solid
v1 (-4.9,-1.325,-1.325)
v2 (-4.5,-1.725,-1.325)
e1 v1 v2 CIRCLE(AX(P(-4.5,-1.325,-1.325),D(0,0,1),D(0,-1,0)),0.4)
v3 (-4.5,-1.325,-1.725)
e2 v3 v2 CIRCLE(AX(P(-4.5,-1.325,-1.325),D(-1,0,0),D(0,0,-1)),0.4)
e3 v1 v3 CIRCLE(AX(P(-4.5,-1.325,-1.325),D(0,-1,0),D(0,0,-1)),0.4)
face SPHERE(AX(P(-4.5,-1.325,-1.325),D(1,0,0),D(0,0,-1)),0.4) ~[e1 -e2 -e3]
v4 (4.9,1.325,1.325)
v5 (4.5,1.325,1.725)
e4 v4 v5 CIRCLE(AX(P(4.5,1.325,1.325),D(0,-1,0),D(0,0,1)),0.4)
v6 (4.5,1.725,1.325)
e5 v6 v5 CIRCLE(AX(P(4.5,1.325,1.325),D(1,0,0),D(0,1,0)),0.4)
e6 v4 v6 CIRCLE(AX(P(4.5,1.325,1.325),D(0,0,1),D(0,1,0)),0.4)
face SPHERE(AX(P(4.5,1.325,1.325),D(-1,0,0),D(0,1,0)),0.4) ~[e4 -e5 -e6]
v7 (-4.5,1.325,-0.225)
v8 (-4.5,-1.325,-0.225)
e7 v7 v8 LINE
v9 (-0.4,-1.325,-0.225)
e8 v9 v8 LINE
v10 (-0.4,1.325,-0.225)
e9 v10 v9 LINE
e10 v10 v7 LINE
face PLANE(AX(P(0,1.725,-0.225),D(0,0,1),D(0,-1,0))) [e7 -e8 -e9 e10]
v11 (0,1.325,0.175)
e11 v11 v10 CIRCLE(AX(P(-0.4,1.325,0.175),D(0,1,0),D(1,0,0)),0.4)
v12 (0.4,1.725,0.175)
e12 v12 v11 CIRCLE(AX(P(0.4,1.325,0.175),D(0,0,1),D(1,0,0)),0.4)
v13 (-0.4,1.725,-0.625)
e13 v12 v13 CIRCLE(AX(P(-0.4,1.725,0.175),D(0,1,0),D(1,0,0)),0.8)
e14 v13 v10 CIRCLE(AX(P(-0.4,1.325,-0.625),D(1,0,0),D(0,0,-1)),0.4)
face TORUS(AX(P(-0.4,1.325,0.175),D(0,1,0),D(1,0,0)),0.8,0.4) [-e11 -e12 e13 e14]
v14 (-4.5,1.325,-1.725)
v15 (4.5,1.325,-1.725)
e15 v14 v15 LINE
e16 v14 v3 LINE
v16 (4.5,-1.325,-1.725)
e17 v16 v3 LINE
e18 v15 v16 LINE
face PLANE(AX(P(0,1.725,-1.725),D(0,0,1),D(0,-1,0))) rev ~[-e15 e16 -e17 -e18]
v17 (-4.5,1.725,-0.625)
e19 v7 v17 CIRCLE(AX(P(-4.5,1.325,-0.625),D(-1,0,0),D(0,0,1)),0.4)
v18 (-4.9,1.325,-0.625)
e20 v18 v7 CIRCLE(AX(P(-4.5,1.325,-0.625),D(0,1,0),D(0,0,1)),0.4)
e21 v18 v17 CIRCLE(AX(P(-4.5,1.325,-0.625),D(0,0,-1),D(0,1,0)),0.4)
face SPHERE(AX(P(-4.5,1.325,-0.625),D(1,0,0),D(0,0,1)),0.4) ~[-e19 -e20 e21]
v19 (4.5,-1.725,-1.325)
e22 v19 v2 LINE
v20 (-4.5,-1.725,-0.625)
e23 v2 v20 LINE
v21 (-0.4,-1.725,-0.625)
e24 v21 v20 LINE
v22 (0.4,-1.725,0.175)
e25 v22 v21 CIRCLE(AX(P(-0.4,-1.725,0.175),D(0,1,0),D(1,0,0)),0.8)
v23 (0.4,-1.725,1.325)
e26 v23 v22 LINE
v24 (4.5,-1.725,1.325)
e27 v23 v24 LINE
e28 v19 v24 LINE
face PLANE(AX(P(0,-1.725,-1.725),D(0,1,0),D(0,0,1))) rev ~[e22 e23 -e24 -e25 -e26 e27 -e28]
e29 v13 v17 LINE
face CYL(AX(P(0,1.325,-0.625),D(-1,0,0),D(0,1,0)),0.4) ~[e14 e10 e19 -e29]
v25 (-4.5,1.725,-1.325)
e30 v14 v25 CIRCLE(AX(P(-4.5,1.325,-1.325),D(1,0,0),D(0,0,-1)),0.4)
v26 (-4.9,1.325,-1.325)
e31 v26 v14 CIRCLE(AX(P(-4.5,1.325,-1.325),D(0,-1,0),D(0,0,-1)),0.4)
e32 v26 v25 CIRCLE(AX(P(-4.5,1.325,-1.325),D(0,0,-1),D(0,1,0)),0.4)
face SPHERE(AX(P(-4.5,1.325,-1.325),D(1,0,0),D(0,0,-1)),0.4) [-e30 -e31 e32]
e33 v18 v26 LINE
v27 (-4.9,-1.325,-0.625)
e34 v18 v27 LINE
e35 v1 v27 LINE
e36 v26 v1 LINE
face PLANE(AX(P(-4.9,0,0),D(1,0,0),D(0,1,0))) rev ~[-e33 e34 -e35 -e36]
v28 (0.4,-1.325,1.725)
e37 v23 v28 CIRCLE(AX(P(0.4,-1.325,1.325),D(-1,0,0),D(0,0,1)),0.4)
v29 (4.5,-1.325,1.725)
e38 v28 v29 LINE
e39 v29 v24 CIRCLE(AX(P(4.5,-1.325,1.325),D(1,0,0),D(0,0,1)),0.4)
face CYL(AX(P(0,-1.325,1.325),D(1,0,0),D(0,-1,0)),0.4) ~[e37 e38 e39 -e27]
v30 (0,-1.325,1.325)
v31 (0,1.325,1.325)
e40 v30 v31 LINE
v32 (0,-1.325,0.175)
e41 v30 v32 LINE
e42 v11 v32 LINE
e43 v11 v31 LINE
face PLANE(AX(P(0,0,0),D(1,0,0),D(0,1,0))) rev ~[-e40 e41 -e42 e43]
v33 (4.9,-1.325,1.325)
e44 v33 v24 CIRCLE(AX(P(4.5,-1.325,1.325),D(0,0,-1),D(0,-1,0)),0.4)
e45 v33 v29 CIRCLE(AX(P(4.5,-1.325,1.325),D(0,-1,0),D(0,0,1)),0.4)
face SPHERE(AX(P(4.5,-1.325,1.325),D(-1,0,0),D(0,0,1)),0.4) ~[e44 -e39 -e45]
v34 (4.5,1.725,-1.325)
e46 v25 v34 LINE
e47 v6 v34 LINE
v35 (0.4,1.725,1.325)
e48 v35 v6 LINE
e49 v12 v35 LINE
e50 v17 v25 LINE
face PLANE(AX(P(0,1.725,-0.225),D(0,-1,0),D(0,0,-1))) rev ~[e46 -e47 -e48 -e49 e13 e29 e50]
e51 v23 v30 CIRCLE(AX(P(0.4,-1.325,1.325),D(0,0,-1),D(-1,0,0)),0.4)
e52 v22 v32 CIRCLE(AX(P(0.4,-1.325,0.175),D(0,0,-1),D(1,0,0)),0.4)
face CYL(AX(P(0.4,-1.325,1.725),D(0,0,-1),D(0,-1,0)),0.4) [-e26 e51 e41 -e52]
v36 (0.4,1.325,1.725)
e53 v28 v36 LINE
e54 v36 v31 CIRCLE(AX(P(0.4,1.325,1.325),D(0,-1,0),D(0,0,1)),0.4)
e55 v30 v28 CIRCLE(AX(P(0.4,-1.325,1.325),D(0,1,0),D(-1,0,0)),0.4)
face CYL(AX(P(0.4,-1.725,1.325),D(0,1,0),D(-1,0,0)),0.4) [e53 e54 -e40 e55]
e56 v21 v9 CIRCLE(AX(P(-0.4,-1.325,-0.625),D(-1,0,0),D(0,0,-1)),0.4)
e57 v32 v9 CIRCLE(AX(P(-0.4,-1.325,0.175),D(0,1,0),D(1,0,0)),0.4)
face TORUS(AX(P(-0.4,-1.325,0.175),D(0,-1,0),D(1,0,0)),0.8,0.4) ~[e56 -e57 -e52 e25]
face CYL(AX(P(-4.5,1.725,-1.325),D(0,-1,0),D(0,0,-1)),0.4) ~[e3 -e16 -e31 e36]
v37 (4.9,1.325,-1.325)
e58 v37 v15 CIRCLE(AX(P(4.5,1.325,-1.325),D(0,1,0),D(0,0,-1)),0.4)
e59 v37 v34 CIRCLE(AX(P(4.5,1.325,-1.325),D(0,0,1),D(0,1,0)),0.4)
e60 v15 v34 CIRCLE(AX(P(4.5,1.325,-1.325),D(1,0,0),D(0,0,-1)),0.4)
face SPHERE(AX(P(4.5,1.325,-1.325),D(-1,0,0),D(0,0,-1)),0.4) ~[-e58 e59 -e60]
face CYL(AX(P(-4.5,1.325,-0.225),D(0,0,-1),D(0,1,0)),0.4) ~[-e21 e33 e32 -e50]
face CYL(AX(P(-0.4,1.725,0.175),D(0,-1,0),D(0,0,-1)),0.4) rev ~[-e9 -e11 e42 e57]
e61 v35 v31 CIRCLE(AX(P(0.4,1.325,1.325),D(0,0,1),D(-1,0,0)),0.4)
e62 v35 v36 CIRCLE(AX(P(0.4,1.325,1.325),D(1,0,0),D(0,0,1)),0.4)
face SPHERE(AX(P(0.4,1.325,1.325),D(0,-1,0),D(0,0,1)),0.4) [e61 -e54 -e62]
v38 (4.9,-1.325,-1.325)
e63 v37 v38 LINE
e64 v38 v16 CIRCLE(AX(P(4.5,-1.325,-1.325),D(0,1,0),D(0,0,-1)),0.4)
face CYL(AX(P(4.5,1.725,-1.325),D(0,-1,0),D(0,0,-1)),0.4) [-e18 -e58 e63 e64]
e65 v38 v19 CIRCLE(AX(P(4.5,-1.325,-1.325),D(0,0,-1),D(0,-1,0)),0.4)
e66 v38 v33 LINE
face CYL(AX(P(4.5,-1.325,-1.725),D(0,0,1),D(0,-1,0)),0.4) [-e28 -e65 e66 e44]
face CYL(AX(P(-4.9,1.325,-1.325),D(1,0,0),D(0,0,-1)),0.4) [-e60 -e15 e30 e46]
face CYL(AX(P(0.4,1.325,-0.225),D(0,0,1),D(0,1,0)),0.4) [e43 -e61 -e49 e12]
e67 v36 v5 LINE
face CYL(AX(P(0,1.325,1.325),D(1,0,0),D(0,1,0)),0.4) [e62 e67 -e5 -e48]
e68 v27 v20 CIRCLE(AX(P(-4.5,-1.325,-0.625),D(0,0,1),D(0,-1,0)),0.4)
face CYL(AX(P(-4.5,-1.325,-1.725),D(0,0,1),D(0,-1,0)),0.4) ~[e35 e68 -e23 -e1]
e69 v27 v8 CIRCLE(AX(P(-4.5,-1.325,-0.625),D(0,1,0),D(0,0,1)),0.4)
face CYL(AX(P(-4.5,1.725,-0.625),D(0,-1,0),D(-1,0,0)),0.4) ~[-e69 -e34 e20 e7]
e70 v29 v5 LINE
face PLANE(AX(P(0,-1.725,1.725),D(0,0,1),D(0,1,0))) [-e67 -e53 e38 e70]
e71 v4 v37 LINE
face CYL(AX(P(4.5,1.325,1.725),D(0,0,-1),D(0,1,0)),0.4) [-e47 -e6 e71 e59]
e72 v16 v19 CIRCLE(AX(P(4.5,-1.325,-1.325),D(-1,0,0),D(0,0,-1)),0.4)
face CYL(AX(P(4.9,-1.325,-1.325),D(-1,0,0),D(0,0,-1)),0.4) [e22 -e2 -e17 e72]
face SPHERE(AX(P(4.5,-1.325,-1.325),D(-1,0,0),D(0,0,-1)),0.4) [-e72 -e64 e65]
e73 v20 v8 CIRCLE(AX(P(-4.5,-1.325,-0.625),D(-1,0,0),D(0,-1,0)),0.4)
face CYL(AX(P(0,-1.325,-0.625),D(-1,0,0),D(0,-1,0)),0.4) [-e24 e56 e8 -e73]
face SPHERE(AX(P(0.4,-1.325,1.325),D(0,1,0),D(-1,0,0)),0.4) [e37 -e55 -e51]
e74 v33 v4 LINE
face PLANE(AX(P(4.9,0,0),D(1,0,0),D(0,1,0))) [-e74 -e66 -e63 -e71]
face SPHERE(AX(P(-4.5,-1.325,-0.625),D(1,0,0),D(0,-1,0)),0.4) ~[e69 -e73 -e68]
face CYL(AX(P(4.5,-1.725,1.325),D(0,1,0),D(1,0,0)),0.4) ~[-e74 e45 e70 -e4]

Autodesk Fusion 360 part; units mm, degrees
sketch "Sketch1" plane through (0, 0, 0) normal (1, 0, 0) x (0, 1, 0)
  line L0 (1.725, -1.725) -> (-1.725, -1.725)
  line L1 (-1.725, -1.725) -> (-1.725, 1.725)
  line L2 (-1.725, 1.725) -> (1.725, 1.725)
  line L3 (1.725, 1.725) -> (1.725, -1.725)
  line L4 (1.725, -1.725) -> (-1.725, 1.725) construction
  line L5 (-1.725, -1.725) -> (1.725, 1.725) construction
  line L6 (-1.725, -1.725) -> (1.725, -1.725)
  line L7 (1.725, -1.725) -> (1.725, -0.225)
  line L8 (1.725, -0.225) -> (-1.725, -0.225)
  line L9 (-1.725, -0.225) -> (-1.725, -1.725)
  dimension "d1" = 3.45
  dimension "d2" = 3.45
  dimension "d7" = 1.5
extrude "Extrude1" add sketch "Sketch1" against normal blind 4.9 contours L0 L1 L3 L6 L7 L8 L9
extrude "Extrude3" add sketch "Sketch1" along normal blind 4.9
fillet "Fillet1" radius 0.4 10 edges at (-2.45, -1.725, -0.225) (-2.45, 1.725, -0.225) (0, 0, -0.225) (0, 0, 1.725) (0, -1.725, 0.75) (0, -1.725, -1.725) (2.45, -1.725, 1.725) (2.45, 1.725, 1.725) (0, 1.725, -1.725) (0, 1.725, 0.75) 2 faces at (4.9, -0.575, 0.575) (-4.9, 0.575, -1.225)
equation "d2 = d1"
